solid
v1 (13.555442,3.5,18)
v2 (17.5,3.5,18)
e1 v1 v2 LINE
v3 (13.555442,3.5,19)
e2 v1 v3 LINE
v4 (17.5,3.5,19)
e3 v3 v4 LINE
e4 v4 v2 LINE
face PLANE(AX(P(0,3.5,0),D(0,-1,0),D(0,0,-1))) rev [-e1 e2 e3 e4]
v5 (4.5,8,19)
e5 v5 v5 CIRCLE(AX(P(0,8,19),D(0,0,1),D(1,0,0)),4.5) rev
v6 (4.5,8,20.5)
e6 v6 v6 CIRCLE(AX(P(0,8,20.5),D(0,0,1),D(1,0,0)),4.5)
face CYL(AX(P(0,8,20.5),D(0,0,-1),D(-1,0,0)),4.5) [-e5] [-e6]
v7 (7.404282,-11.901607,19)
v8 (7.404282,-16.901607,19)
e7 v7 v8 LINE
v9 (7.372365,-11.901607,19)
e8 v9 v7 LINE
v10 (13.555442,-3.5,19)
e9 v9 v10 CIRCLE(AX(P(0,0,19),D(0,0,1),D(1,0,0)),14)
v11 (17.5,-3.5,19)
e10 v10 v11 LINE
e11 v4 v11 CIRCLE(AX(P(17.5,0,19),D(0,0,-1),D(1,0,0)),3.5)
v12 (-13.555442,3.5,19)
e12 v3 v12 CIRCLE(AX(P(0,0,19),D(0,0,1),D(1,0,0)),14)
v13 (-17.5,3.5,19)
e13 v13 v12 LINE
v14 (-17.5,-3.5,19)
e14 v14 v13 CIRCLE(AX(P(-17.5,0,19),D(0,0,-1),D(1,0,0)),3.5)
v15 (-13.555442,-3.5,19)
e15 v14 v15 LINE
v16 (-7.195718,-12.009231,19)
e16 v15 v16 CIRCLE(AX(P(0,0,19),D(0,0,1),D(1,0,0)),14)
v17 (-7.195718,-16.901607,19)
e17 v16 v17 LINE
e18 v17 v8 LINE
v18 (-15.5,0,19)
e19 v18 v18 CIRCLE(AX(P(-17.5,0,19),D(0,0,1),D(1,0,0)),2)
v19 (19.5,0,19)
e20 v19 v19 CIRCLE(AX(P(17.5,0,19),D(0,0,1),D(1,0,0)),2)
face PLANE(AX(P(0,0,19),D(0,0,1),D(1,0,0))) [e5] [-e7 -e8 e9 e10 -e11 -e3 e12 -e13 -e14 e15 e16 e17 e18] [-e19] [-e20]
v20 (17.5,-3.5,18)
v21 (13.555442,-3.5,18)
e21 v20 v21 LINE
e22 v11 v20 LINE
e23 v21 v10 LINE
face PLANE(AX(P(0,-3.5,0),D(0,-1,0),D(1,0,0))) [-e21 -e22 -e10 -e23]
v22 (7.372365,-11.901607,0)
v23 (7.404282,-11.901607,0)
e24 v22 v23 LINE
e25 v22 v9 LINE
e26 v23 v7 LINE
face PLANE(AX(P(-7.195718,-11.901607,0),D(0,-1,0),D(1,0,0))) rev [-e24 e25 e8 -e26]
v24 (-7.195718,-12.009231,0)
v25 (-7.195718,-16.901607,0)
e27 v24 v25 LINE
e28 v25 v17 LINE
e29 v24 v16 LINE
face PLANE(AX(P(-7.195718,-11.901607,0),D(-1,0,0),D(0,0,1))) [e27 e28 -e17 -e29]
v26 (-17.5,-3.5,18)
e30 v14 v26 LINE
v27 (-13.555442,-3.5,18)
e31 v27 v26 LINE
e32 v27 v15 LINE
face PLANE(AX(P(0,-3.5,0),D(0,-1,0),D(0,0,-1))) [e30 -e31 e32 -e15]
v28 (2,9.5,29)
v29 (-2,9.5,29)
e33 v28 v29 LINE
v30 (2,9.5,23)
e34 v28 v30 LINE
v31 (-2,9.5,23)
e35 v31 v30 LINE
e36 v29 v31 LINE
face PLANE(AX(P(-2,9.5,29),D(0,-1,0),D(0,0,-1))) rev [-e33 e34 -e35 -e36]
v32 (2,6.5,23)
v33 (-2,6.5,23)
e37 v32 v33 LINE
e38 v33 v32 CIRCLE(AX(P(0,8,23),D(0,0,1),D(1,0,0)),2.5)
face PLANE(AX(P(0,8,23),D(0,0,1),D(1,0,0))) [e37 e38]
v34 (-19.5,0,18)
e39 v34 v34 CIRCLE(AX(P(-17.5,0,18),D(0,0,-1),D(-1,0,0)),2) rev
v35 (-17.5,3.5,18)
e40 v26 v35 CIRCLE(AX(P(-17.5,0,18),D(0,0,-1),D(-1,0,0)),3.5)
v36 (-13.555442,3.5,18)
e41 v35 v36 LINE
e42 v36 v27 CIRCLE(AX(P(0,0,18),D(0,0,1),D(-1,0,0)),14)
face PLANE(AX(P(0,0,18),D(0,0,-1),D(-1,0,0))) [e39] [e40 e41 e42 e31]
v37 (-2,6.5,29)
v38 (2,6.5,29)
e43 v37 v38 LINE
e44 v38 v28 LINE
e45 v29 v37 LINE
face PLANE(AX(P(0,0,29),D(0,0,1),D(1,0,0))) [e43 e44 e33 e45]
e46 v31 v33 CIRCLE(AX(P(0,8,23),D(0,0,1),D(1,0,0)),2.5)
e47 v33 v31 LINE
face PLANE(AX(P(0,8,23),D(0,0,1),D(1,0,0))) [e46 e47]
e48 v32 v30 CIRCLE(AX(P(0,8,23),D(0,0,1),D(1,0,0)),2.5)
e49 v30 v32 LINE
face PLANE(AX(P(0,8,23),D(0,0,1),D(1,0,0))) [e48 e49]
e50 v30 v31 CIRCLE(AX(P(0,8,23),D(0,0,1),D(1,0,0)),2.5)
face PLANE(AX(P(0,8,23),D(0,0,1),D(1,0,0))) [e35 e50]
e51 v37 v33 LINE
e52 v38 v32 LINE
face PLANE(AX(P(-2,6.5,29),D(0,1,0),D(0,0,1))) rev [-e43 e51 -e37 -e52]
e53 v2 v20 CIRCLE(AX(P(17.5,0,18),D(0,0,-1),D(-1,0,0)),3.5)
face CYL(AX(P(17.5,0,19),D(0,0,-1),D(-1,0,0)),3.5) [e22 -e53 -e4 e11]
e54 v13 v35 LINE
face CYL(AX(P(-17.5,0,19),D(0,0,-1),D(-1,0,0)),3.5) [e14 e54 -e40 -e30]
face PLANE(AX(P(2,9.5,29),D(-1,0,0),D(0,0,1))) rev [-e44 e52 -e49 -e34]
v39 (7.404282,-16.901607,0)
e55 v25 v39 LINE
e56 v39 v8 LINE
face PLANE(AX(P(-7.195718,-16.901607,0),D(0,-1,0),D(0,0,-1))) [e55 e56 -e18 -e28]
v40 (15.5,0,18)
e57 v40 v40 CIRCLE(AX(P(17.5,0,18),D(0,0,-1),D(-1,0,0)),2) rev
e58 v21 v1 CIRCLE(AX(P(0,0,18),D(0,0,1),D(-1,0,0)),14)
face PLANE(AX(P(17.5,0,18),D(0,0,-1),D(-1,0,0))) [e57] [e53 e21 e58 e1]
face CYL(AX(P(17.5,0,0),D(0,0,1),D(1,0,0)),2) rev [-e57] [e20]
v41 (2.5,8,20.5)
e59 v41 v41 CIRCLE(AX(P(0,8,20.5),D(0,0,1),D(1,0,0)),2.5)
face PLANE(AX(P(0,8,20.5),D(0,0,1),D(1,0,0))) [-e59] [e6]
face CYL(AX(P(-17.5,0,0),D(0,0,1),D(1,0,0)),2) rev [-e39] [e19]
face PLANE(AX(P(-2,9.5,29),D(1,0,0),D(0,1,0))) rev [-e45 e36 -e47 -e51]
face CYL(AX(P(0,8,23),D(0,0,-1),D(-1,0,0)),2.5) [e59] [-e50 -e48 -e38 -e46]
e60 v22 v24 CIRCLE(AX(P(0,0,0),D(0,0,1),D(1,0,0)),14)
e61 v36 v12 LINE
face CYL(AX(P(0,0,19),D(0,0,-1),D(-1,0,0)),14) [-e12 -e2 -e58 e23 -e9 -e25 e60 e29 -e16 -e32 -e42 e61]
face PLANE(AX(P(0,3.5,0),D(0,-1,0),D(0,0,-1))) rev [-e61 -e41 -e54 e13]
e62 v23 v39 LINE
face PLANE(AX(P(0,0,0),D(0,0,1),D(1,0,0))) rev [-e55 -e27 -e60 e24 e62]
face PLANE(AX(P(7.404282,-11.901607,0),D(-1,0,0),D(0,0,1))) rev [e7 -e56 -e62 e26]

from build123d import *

# Parameters (mm, degrees)
ESBO_O2_R                = 14
RESSALTO_EXTRUS_O2_DEPTH = 19
ESBO_O3_W                = 14.6
ESBO_O3_H                = 5
RESSALTO_EXTRUS_O3_DEPTH = 19
ESBO_O4_W                = 10
ESBO_O4_H                = 7
RESSALTO_EXTRUS_O4_DEPTH = 19
RESSALTO_EXTRUS_O5_DEPTH = 19
ESBO_O6_R                = 2
CORTE_EXTRUS_O1_DEPTH    = 35.551542095
CORTE_EXTRUS_O2_DEPTH    = 35.551542095
CORTE_EXTRUS_O3_DEPTH    = 35.551542095
ESBO_O9_R                = 4.5
RESSALTO_EXTRUS_O7_DEPTH = 20.5
ESBO_O10_R               = 2.5
RESSALTO_EXTRUS_O8_DEPTH = 2.5
ESBO_O11_W               = 4
ESBO_O11_H               = 3
RESSALTO_EXTRUS_O9_DEPTH = 29
CORTE_EXTRUS_O4_DEPTH    = 18
CORTE_EXTRUS_O5_DEPTH    = 18


with BuildPart() as part:
    # Esboço2 → Ressalto-extrusão2 (new body)
    with BuildSketch(Plane.XY):
        Circle(ESBO_O2_R)
    extrude(amount=RESSALTO_EXTRUS_O2_DEPTH)

    # Esboço3 → Ressalto-extrusão3 (add)
    with BuildSketch(Plane.XY.offset(19)):
        with Locations((0.104281732, -14.40160663)):
            Rectangle(ESBO_O3_W, ESBO_O3_H)
    extrude(amount=-RESSALTO_EXTRUS_O3_DEPTH)

    # Esboço4 → Ressalto-extrusão4 (add)
    with BuildSketch(Plane.XY.offset(19)):
        with Locations((18.39112555, 0)):
            Rectangle(ESBO_O4_W, ESBO_O4_H)
    extrude(amount=-RESSALTO_EXTRUS_O4_DEPTH)

    # Esboço5 → Ressalto-extrusão5 (add)
    with BuildSketch(Plane.XY.offset(19)):
        Polygon((-13.354036811, 3.5), (-23.354036811, 3.5), (-23.354036811, -3.5), (-13.354036811, -3.5), (-13.354036811, 0), align=None)
    extrude(amount=-RESSALTO_EXTRUS_O5_DEPTH)

    # Esboço6 → Corte-extrusão1 (cut, through all)
    with BuildSketch(Plane.XY.offset(19)):
        with Locations((-17.5, 0)):
            Circle(ESBO_O6_R)
        with Locations((17.5, 0)):
            Circle(ESBO_O6_R)
    extrude(amount=-CORTE_EXTRUS_O1_DEPTH, mode=Mode.SUBTRACT)

    # Esboço7 → Corte-extrusão2 (cut, through all)
    with BuildSketch(Plane.XY):
        with BuildLine():
            Line((-17.5, 3.5), (-23.354036811, 3.5))
            Line((-23.354036811, 3.5), (-23.354036811, -3.5))
            Line((-23.354036811, -3.5), (-17.5, -3.5))
            ThreePointArc((-17.5, -3.5), (-21, 0), (-17.5, 3.5))
        make_face()
    extrude(amount=CORTE_EXTRUS_O2_DEPTH, mode=Mode.SUBTRACT)

    # Esboço8 → Corte-extrusão3 (cut, through all)
    with BuildSketch(Plane.XY):
        with BuildLine():
            Line((17.5, 3.5), (23.39112555, 3.5))
            Line((23.39112555, 3.5), (23.39112555, -3.5))
            Line((23.39112555, -3.5), (17.5, -3.5))
            ThreePointArc((17.5, -3.5), (21, 0), (17.5, 3.5))
        make_face()
    extrude(amount=CORTE_EXTRUS_O3_DEPTH, mode=Mode.SUBTRACT)

    # Esboço9 → Ressalto-extrusão7 (add)
    with BuildSketch(Plane.XY):
        with Locations((0, 8)):
            Circle(ESBO_O9_R)
    extrude(amount=RESSALTO_EXTRUS_O7_DEPTH)

    # Esboço10 → Ressalto-extrusão8 (add)
    with BuildSketch(Plane.XY.offset(20.5)):
        with Locations((0, 8)):
            Circle(ESBO_O10_R)
    extrude(amount=RESSALTO_EXTRUS_O8_DEPTH)

    # Esboço11 → Ressalto-extrusão9 (add)
    with BuildSketch(Plane.XY):
        with Locations((0, 8)):
            Rectangle(ESBO_O11_W, ESBO_O11_H)
    extrude(amount=RESSALTO_EXTRUS_O9_DEPTH)

    # Esboço12 → Corte-extrusão4 (cut)
    with BuildSketch(Plane(origin=(0, 0, 0), x_dir=(-1, 0, 0), z_dir=(0, 0, -1))):
        with BuildLine():
            Line((-17.5, -3.5), (-13.555441712, -3.5))
            ThreePointArc((-13.555441712, -3.5), (-14, 0), (-13.555441712, 3.5))
            Line((-13.555441712, 3.5), (-17.5, 3.5))
            ThreePointArc((-17.5, 3.5), (-21, 0), (-17.5, -3.5))
        make_face()
    extrude(amount=-CORTE_EXTRUS_O4_DEPTH, mode=Mode.SUBTRACT)

    # Esboço13 → Corte-extrusão5 (cut)
    with BuildSketch(Plane(origin=(0, 0, 0), x_dir=(-1, 0, 0), z_dir=(0, 0, -1))):
        with BuildLine():
            Line((13.555441712, -3.5), (17.5, -3.5))
            ThreePointArc((17.5, -3.5), (21, 0), (17.5, 3.5))
            Line((17.5, 3.5), (13.555441712, 3.5))
            ThreePointArc((13.555441712, 3.5), (14, 0), (13.555441712, -3.5))
        make_face()
    extrude(amount=-CORTE_EXTRUS_O5_DEPTH, mode=Mode.SUBTRACT)


solid = part.part
